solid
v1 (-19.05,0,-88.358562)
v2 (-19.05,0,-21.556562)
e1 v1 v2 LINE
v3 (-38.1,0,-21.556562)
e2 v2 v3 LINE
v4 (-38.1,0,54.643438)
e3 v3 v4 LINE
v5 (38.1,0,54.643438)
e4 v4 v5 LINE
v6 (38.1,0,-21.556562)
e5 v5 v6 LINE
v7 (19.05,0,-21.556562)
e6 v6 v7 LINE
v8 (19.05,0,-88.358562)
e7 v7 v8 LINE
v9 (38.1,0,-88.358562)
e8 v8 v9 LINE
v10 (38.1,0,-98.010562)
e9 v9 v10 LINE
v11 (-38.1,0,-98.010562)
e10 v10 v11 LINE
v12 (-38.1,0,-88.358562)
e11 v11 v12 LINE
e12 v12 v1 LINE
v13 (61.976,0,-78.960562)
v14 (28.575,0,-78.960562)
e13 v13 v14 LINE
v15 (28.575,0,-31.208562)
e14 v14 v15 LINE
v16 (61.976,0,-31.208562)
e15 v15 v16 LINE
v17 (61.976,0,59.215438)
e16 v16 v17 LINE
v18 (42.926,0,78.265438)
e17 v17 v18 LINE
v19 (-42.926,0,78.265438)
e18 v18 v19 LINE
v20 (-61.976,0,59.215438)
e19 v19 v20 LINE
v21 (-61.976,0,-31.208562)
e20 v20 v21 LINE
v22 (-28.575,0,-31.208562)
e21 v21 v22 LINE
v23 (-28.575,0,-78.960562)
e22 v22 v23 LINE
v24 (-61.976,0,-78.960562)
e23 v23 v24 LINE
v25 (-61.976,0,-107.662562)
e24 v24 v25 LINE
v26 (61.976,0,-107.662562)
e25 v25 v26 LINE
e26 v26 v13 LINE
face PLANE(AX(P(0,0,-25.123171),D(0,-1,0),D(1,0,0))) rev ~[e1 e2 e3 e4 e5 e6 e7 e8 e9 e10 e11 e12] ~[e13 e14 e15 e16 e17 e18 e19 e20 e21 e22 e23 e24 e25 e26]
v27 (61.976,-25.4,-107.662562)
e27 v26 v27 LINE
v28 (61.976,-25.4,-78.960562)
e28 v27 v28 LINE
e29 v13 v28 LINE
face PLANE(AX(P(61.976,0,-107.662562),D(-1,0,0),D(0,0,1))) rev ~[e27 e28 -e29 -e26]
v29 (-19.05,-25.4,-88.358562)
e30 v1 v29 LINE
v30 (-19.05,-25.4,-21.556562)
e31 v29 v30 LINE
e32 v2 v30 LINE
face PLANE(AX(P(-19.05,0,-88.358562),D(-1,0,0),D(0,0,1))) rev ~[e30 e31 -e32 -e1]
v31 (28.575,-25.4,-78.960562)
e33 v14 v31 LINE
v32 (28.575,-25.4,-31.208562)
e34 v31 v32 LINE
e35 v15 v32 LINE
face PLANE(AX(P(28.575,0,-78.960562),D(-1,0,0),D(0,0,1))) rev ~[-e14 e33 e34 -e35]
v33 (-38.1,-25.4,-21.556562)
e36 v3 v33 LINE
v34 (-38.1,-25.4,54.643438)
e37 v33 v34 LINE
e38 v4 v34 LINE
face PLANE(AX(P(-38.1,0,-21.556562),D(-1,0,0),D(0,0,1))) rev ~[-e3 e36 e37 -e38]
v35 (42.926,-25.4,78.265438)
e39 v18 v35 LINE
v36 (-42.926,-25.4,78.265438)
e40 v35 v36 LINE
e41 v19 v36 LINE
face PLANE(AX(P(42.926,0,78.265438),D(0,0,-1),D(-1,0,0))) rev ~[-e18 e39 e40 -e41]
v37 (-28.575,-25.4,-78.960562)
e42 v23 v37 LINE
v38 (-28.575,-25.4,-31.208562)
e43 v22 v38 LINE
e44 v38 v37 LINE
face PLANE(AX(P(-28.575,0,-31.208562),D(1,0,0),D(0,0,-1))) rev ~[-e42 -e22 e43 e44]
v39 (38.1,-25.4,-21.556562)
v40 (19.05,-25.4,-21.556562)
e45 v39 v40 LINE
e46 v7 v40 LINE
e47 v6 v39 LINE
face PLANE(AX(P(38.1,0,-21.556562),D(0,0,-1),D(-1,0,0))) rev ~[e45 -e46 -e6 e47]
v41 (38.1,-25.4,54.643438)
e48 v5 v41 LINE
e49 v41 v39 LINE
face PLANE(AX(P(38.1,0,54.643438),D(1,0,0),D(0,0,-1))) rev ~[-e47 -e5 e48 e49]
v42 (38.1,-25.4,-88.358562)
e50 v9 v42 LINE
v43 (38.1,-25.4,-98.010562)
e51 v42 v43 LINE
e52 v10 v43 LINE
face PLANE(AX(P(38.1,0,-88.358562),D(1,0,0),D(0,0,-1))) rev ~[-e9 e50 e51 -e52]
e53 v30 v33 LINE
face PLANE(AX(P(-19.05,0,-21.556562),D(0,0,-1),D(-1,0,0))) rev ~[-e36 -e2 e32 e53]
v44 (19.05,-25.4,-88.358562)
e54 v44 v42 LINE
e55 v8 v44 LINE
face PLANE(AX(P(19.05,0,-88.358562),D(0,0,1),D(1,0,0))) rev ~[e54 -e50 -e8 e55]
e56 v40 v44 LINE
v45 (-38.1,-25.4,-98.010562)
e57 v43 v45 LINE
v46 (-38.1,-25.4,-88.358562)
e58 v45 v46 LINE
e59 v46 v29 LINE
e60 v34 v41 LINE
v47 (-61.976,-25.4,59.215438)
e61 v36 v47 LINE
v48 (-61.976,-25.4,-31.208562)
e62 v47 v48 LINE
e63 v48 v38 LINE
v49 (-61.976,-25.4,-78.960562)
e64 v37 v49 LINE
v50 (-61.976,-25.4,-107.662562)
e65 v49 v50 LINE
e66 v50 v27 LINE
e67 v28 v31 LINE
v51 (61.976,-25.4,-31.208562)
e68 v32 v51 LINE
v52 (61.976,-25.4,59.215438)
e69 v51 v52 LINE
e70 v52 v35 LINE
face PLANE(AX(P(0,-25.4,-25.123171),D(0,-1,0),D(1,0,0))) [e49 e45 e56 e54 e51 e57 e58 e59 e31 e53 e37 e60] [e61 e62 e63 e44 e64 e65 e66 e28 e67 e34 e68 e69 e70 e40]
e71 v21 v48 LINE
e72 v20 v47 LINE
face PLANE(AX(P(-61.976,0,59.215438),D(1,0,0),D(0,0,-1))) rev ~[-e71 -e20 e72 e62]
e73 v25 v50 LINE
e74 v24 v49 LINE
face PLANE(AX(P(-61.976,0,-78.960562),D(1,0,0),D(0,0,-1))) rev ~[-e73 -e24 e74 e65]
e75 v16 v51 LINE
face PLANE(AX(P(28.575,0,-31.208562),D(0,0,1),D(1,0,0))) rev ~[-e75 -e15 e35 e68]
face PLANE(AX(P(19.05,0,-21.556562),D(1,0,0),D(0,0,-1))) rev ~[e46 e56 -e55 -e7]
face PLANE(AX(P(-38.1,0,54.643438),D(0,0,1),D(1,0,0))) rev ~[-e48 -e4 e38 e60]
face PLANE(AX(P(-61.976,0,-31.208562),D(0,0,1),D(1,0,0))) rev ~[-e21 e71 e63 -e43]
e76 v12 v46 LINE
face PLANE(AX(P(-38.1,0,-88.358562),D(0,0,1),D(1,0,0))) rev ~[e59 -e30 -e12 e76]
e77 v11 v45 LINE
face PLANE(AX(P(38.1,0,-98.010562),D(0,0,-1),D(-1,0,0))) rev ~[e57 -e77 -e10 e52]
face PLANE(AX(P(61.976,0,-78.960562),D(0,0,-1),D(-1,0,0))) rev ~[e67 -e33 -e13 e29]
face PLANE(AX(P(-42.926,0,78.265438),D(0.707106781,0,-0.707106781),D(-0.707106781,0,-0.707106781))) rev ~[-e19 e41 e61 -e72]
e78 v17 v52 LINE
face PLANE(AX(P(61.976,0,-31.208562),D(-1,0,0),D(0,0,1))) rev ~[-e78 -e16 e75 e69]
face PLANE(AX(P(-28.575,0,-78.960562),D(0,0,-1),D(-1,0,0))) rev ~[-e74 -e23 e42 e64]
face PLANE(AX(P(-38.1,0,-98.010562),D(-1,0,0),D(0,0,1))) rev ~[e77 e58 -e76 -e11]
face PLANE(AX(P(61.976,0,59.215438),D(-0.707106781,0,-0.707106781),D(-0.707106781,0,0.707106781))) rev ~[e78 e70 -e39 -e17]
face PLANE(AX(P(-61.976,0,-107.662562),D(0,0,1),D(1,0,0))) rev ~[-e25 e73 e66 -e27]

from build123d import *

# Parameters (mm, degrees)
F1_DEPTH = 25.4


with BuildPart() as f1:
    # F0 (on Front) → F1 (new body)
    with BuildSketch(Plane.XZ):
        Polygon((42.926, 78.265438), (0, 78.265438), (-42.926, 78.265438), (-61.976, 59.215438), (-61.976, -31.208562), (-28.575, -31.208562), (-28.575, -78.960562), (-61.976, -78.960562), (-61.976, -107.662562), (0, -107.662562), (61.976, -107.662562), (61.976, -78.960562), (28.575, -78.960562), (28.575, -31.208562), (61.976, -31.208562), (61.976, 59.215438), align=None)
        Polygon((-38.1, 54.643438), (0, 54.643438), (38.1, 54.643438), (38.1, -21.556562), (19.05, -21.556562), (19.05, -88.358562), (38.1, -88.358562), (38.1, -98.010562), (-38.1, -98.010562), (-38.1, -88.358562), (-19.05, -88.358562), (-19.05, -21.556562), (-38.1, -21.556562), align=None, mode=Mode.SUBTRACT)
    extrude(amount=F1_DEPTH)


solid = f1.part
